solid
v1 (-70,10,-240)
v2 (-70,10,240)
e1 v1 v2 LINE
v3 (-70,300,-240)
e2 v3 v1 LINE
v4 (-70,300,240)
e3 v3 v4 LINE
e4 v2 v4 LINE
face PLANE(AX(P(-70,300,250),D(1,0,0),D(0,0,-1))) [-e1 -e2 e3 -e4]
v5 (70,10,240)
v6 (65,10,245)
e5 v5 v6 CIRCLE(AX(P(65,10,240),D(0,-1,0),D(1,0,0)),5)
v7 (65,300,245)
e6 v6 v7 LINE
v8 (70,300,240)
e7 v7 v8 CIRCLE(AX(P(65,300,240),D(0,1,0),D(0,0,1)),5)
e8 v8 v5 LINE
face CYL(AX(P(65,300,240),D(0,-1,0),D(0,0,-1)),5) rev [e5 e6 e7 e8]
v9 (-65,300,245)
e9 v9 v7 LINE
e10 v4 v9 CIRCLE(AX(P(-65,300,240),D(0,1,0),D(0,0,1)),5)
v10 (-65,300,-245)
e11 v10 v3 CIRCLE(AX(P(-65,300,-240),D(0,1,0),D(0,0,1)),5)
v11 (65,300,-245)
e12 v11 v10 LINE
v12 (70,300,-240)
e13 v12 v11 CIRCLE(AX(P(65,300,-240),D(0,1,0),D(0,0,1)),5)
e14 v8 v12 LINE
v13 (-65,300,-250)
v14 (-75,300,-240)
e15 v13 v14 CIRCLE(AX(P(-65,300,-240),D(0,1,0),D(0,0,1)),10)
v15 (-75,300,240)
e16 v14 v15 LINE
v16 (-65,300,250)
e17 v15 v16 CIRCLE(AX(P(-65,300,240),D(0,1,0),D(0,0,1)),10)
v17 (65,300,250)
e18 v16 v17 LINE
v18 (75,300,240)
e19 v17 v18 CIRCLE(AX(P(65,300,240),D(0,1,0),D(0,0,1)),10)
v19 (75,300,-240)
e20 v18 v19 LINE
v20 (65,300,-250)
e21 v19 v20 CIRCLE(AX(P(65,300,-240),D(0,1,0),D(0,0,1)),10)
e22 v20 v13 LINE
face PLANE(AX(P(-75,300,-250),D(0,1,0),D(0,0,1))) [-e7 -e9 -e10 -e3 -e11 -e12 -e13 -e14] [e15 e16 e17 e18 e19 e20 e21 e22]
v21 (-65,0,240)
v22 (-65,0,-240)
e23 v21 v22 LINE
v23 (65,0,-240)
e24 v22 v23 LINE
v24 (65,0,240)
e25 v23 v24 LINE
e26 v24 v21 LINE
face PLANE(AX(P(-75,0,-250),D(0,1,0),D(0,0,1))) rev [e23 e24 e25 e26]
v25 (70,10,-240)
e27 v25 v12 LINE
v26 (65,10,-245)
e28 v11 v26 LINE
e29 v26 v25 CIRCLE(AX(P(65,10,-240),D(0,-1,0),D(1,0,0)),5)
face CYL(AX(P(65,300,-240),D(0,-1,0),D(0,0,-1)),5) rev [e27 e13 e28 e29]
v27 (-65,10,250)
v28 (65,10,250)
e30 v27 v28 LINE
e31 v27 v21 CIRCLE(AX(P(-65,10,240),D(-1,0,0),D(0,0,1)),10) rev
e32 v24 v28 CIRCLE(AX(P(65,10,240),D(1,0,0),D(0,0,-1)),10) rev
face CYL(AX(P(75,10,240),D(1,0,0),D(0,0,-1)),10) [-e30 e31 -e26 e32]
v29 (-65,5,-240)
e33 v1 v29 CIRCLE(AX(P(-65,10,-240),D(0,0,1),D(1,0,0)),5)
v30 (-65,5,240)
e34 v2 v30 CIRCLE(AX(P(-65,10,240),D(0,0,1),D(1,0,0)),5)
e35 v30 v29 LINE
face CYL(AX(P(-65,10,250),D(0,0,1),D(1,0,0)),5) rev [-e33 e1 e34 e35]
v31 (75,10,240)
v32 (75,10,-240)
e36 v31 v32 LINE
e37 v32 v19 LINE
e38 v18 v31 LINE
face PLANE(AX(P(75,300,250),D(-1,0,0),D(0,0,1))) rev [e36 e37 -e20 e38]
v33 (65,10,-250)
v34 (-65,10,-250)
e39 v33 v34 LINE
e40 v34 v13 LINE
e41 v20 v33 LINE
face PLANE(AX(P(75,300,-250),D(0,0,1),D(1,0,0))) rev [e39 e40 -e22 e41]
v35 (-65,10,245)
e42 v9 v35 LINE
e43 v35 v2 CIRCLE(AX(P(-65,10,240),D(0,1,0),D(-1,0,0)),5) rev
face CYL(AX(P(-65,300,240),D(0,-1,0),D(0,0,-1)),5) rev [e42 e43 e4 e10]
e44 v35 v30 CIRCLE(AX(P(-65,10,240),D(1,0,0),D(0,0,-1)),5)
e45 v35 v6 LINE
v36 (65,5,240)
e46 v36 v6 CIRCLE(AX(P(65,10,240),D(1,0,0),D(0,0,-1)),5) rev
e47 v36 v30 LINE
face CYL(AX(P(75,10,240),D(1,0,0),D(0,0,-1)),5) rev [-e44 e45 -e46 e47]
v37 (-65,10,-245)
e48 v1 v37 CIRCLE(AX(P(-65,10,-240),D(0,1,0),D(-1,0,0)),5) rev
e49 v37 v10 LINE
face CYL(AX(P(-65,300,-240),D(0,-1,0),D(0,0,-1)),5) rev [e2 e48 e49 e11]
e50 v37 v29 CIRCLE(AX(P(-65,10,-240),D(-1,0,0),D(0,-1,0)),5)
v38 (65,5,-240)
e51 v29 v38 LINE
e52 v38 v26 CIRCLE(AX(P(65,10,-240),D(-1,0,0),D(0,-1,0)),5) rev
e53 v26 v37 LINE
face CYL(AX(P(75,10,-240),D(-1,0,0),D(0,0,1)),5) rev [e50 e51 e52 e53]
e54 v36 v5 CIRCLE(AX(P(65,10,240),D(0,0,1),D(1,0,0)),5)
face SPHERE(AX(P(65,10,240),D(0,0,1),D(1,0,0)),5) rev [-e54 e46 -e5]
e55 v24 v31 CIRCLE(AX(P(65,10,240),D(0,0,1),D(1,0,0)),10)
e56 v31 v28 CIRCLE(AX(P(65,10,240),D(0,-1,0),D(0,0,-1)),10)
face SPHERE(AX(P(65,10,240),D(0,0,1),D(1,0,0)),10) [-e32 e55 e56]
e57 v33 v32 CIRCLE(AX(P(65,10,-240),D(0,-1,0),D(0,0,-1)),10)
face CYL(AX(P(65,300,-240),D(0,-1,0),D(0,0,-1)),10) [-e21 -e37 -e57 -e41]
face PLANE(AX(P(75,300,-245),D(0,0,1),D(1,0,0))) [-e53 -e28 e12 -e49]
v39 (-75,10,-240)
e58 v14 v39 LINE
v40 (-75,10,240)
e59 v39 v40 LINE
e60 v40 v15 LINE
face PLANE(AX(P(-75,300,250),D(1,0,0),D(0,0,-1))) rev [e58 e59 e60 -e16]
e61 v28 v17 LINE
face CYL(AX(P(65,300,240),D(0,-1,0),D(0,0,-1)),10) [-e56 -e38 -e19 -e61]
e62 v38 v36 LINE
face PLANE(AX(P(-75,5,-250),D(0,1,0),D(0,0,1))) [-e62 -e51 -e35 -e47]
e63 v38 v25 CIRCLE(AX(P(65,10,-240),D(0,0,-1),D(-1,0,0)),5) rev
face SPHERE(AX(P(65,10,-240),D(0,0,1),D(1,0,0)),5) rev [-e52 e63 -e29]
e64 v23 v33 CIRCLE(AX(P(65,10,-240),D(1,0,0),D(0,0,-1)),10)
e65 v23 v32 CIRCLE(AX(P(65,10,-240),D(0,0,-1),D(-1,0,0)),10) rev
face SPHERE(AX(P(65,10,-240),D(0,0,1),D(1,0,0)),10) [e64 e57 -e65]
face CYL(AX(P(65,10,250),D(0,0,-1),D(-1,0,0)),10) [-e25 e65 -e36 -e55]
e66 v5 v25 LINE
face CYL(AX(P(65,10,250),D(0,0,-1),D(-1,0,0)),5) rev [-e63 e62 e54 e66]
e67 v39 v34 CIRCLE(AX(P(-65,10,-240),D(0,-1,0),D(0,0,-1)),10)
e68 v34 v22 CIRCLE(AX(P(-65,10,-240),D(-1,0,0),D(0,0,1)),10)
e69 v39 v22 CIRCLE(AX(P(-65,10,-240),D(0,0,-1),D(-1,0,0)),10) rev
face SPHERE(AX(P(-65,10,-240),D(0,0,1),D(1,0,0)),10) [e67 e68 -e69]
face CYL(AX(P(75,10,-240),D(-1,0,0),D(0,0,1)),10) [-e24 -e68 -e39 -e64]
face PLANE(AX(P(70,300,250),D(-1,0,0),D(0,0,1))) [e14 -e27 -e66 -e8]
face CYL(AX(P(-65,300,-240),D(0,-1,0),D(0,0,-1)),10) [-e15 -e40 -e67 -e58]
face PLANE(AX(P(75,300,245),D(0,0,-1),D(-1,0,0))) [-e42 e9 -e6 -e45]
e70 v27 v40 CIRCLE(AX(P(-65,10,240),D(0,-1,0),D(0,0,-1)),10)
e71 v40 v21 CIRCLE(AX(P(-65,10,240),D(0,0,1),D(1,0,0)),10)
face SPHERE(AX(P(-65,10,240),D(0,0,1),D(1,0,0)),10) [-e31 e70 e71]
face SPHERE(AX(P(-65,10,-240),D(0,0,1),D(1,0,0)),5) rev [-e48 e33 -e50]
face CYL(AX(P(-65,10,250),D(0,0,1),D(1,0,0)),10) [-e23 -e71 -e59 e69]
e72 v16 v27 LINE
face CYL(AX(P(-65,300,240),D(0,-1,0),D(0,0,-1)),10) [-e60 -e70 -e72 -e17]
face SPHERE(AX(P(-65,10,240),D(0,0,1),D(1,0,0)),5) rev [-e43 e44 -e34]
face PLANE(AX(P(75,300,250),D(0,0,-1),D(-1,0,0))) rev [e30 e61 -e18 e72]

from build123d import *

# Parameters (mm, degrees)
CROQUIS1_W     = 150
CROQUIS1_H     = 500
EXTRUIR1_DEPTH = 300
REDONDEO1_R    = 10
VACIADO1_T     = -5


with BuildPart() as part:
    # Croquis1 → Extruir1 (new body)
    with BuildSketch(Plane(origin=(0, 0, 0), x_dir=(1, 0, 0), z_dir=(0, 1, 0))):
        Rectangle(CROQUIS1_W, CROQUIS1_H)
    extrude(amount=EXTRUIR1_DEPTH)

    # Redondeo1
    redondeo1_edges = [part.edges().sort_by_distance(p)[0] for p in [
        (0, 0, -250),
        (75, 0, 0),
        (0, 0, 250),
        (-75, 0, 0),
        (-75, 150, -250),
        (75, 150, -250),
        (75, 150, 250),
        (-75, 150, 250),
    ]]
    fillet(redondeo1_edges, radius=REDONDEO1_R)

    # Vaciado1
    vaciado1_openings = [part.faces().sort_by_distance(p)[0] for p in [
        (0, 300, 0),
    ]]
    offset(amount=VACIADO1_T, openings=vaciado1_openings, kind=Kind.INTERSECTION)


solid = part.part
